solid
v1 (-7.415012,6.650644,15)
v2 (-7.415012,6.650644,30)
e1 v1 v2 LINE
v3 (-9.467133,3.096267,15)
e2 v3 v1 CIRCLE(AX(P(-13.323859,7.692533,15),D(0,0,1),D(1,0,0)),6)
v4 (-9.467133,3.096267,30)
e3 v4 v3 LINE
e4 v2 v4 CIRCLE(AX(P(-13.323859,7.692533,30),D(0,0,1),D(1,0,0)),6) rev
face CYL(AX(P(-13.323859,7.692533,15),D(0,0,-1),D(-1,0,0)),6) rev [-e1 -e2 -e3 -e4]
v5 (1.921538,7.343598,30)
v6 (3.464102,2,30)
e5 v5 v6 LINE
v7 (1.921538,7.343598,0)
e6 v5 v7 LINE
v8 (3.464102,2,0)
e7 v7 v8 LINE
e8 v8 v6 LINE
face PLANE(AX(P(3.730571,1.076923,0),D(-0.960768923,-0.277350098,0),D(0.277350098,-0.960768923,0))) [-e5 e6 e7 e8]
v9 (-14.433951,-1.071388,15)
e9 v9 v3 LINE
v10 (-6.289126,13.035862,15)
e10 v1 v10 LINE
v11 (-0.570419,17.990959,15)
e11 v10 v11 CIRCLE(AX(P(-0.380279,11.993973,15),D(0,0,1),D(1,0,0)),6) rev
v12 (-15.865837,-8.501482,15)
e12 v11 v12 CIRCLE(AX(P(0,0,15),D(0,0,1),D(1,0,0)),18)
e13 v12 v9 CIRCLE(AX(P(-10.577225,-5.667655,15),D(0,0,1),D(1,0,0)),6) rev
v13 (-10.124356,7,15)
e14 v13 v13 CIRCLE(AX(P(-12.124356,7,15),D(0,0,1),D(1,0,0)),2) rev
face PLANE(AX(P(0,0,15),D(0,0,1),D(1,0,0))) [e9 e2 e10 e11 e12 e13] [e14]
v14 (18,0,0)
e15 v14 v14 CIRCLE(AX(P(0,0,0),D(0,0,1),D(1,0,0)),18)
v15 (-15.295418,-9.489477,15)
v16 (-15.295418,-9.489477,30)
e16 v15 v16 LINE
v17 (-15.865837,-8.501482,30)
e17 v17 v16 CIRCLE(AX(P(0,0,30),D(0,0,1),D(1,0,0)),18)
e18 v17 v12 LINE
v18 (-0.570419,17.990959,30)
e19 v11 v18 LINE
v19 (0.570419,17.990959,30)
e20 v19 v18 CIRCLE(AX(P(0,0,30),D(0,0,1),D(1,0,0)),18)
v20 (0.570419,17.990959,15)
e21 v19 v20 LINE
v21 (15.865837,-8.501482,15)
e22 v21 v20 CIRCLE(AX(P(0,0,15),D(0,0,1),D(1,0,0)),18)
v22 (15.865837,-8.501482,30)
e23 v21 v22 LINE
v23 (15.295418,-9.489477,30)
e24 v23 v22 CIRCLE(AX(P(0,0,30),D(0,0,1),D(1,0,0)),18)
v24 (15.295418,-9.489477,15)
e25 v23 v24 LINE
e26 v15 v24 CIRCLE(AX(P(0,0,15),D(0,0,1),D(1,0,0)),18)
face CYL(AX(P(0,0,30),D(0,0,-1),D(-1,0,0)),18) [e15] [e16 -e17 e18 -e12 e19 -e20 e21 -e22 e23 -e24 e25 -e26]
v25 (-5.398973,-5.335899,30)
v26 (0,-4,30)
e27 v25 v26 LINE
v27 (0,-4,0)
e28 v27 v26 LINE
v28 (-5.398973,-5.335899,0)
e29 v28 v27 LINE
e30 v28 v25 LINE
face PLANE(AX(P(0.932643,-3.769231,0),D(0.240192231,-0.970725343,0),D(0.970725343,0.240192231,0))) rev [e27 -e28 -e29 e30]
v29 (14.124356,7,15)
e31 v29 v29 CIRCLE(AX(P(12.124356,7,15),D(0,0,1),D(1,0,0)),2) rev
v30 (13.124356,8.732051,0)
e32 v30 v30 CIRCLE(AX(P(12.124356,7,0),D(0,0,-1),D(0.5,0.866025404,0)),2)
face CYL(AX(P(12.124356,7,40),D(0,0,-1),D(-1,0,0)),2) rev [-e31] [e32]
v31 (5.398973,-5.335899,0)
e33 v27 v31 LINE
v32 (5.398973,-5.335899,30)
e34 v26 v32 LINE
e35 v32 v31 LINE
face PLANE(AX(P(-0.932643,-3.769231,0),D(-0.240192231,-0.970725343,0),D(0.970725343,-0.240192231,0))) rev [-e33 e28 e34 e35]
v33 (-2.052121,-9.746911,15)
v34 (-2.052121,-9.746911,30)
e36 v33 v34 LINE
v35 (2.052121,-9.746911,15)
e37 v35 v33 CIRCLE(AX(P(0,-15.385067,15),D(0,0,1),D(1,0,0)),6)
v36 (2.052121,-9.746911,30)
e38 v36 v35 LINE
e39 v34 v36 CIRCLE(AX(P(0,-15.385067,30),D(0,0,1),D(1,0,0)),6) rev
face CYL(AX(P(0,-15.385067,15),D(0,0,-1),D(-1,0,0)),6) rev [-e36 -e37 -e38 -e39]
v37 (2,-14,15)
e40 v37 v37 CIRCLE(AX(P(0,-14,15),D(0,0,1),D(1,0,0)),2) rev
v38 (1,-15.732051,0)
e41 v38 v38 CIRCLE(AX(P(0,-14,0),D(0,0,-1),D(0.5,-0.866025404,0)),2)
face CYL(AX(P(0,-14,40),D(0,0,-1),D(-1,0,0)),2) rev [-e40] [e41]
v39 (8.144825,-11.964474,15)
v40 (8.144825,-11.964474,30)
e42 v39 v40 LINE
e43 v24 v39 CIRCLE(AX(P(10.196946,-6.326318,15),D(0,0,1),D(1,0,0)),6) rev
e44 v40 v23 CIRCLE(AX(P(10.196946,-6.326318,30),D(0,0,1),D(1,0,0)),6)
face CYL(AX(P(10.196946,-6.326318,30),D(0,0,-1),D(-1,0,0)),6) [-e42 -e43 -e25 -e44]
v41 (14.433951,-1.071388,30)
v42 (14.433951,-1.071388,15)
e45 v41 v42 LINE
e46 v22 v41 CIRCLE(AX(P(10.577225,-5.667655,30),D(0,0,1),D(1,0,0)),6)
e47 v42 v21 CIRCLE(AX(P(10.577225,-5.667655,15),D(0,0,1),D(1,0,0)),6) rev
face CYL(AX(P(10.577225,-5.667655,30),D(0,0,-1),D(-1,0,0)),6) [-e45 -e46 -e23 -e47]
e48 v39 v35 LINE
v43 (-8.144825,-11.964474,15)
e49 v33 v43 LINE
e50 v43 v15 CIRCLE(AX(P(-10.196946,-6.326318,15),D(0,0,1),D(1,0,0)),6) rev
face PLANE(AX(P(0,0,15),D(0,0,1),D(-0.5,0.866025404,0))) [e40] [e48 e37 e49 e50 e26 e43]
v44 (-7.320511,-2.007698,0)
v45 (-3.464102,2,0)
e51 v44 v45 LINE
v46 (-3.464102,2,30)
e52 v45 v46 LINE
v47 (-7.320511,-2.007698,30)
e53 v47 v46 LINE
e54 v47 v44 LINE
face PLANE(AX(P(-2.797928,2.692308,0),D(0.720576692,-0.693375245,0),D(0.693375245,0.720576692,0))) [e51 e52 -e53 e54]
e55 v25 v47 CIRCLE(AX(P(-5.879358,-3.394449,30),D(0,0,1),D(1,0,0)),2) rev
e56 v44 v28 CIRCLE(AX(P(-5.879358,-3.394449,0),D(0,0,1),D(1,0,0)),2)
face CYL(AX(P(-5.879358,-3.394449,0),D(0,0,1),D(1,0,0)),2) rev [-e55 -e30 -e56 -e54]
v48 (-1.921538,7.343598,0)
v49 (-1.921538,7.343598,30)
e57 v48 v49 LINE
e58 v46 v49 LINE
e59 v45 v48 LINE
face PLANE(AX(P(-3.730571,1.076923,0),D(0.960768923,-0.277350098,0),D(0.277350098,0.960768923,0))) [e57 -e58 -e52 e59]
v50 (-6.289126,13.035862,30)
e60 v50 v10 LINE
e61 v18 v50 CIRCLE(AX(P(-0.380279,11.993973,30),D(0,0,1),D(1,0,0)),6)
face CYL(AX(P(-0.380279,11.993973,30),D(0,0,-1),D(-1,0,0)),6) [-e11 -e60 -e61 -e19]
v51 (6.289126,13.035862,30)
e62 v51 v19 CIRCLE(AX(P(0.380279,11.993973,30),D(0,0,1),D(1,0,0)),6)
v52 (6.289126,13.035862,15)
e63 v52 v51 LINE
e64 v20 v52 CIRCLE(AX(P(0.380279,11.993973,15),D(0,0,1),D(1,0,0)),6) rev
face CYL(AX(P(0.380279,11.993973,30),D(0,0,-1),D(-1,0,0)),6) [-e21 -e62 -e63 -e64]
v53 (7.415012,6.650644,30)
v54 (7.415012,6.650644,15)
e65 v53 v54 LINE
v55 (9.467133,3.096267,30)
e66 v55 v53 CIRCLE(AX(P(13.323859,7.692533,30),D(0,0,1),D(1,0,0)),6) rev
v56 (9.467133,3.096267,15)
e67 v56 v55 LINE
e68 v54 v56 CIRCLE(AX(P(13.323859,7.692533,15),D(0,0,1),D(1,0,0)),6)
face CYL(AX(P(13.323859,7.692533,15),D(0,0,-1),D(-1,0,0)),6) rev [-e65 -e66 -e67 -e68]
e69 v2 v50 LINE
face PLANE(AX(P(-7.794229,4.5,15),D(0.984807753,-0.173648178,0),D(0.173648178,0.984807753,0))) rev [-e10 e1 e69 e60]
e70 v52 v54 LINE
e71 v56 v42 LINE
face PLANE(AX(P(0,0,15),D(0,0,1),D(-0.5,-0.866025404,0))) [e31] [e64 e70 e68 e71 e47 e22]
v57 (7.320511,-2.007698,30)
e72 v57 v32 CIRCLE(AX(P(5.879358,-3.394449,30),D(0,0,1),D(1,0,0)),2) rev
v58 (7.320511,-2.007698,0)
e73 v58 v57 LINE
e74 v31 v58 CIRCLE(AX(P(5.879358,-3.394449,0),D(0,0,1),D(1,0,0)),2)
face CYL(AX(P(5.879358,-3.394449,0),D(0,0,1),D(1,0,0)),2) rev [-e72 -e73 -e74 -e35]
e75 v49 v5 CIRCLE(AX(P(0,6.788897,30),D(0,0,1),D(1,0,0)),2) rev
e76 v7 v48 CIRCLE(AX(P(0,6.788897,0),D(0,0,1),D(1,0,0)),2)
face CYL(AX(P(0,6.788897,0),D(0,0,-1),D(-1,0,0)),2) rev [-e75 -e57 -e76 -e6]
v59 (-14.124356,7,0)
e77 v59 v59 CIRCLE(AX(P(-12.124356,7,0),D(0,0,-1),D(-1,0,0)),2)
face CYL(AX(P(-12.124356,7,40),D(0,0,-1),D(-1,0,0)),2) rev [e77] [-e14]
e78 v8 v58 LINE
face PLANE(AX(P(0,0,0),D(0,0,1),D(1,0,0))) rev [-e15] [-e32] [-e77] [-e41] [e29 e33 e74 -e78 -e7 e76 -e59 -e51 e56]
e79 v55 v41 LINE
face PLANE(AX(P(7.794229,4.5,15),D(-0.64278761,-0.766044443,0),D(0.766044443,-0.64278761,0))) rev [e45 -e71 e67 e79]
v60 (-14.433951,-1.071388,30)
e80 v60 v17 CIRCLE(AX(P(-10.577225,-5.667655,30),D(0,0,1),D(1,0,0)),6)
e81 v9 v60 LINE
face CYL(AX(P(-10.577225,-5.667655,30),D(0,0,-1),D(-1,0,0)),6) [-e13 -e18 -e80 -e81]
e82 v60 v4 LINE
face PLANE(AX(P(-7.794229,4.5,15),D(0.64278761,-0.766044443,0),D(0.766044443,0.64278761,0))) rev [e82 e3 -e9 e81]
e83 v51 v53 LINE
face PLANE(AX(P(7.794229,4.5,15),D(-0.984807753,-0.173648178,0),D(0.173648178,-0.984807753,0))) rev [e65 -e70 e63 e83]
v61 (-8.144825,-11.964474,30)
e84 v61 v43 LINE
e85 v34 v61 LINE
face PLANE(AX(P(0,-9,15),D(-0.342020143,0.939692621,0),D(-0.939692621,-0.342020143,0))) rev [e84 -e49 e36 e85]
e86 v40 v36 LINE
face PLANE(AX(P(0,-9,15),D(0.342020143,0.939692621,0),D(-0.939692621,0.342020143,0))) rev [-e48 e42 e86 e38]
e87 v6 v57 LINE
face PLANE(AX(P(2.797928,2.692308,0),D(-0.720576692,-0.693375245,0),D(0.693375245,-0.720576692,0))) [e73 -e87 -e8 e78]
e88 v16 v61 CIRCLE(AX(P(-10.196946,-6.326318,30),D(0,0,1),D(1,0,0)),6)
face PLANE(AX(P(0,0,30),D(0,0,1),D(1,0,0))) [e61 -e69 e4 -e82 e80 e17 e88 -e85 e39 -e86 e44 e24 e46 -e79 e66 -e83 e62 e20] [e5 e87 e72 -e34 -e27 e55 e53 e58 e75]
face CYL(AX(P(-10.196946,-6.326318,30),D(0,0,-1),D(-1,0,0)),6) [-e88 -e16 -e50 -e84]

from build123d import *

# Parameters (mm, degrees)
SKETCH1_R                = 18
BOSS_EXTRUDE1_DEPTH      = 30
SKETCH2_R                = 2
CUT_EXTRUDE1_DEPTH       = 40
CUT_EXTRUDE2_DEPTH       = 15
FILLET2_R                = 6
CIRPATTERN3_COUNT        = 3
FILLET2_OF_CIRPATTERN3_R = 6
CUT_EXTRUDE3_START       = -30
CUT_EXTRUDE3_DEPTH       = 30
FILLET3_R                = 2


with BuildPart() as part:
    # Sketch1 → Boss-Extrude1 (new body)
    with BuildSketch(Plane.XY):
        Circle(SKETCH1_R)
    extrude(amount=BOSS_EXTRUDE1_DEPTH)

    # Sketch2 → Cut-Extrude1 (cut)
    with BuildSketch(Plane(origin=(0, 0, 0), x_dir=(-1, 0, 0), z_dir=(0, 0, -1))):
        with Locations((12.124355653, 7)):
            Circle(SKETCH2_R)
    cut_extrude1 = extrude(amount=-CUT_EXTRUDE1_DEPTH, mode=Mode.SUBTRACT)

    # Sketch3 → Cut-Extrude2 (cut)
    with BuildSketch(Plane.XY.offset(30)):
        Polygon((-15.686533479, 14.830127019), (-20.686533479, 6.169872981), (-17.60824379, -3.734936498), (-7.794228634, 4.5), (-5.569572007, 17.116654687), align=None)
    cut_extrude2 = extrude(amount=-CUT_EXTRUDE2_DEPTH, mode=Mode.SUBTRACT)

    # Fillet2
    fillet2_edges = [part.edges().sort_by_distance(p)[0] for p in [
        (-7.794228634, 4.5, 22.5),
        (-17.60824379, -3.734936498, 22.5),
        (-5.569572007, 17.116654687, 22.5),
    ]]
    fillet(fillet2_edges, radius=FILLET2_R)

    # CirPattern3: Cut-Extrude1, Cut-Extrude2 ×3 about axis
    cirpattern3_axis = Axis((0, 0, 0), (0, 0, 1))
    for i in range(1, CIRPATTERN3_COUNT):
        add(cut_extrude1.rotate(cirpattern3_axis, i * 360 / CIRPATTERN3_COUNT), mode=Mode.SUBTRACT)
        add(cut_extrude2.rotate(cirpattern3_axis, i * 360 / CIRPATTERN3_COUNT), mode=Mode.SUBTRACT)

    # Fillet2 of CirPattern3
    fillet2_of_cirpattern3_edges = [part.edges().sort_by_distance(p)[0] for p in [
        (0, -9, 22.5),
        (12.038671783, -13.381718189, 22.5),
        (-12.038671783, -13.381718189, 22.5),
        (7.794228634, 4.5, 22.5),
        (5.569572007, 17.116654687, 22.5),
        (17.60824379, -3.734936498, 22.5),
    ]]
    fillet(fillet2_of_cirpattern3_edges, radius=FILLET2_OF_CIRPATTERN3_R)

    # Sketch4 → Cut-Extrude3 (cut)
    with BuildSketch(Plane.XY.offset(30).offset(CUT_EXTRUDE3_START)):
        Polygon((-12.124355653, -7), (-3.464101615, 2), (0, 14), (3.464101615, 2), (12.124355653, -7), (0, -4), align=None)
    extrude(amount=CUT_EXTRUDE3_DEPTH, mode=Mode.SUBTRACT)

    # Fillet3
    fillet3_edges = [part.edges().sort_by_distance(p)[0] for p in [
        (12.124355653, -7, 15),
        (-12.124355653, -7, 15),
        (0, 14, 15),
    ]]
    fillet(fillet3_edges, radius=FILLET3_R)


solid = part.part
